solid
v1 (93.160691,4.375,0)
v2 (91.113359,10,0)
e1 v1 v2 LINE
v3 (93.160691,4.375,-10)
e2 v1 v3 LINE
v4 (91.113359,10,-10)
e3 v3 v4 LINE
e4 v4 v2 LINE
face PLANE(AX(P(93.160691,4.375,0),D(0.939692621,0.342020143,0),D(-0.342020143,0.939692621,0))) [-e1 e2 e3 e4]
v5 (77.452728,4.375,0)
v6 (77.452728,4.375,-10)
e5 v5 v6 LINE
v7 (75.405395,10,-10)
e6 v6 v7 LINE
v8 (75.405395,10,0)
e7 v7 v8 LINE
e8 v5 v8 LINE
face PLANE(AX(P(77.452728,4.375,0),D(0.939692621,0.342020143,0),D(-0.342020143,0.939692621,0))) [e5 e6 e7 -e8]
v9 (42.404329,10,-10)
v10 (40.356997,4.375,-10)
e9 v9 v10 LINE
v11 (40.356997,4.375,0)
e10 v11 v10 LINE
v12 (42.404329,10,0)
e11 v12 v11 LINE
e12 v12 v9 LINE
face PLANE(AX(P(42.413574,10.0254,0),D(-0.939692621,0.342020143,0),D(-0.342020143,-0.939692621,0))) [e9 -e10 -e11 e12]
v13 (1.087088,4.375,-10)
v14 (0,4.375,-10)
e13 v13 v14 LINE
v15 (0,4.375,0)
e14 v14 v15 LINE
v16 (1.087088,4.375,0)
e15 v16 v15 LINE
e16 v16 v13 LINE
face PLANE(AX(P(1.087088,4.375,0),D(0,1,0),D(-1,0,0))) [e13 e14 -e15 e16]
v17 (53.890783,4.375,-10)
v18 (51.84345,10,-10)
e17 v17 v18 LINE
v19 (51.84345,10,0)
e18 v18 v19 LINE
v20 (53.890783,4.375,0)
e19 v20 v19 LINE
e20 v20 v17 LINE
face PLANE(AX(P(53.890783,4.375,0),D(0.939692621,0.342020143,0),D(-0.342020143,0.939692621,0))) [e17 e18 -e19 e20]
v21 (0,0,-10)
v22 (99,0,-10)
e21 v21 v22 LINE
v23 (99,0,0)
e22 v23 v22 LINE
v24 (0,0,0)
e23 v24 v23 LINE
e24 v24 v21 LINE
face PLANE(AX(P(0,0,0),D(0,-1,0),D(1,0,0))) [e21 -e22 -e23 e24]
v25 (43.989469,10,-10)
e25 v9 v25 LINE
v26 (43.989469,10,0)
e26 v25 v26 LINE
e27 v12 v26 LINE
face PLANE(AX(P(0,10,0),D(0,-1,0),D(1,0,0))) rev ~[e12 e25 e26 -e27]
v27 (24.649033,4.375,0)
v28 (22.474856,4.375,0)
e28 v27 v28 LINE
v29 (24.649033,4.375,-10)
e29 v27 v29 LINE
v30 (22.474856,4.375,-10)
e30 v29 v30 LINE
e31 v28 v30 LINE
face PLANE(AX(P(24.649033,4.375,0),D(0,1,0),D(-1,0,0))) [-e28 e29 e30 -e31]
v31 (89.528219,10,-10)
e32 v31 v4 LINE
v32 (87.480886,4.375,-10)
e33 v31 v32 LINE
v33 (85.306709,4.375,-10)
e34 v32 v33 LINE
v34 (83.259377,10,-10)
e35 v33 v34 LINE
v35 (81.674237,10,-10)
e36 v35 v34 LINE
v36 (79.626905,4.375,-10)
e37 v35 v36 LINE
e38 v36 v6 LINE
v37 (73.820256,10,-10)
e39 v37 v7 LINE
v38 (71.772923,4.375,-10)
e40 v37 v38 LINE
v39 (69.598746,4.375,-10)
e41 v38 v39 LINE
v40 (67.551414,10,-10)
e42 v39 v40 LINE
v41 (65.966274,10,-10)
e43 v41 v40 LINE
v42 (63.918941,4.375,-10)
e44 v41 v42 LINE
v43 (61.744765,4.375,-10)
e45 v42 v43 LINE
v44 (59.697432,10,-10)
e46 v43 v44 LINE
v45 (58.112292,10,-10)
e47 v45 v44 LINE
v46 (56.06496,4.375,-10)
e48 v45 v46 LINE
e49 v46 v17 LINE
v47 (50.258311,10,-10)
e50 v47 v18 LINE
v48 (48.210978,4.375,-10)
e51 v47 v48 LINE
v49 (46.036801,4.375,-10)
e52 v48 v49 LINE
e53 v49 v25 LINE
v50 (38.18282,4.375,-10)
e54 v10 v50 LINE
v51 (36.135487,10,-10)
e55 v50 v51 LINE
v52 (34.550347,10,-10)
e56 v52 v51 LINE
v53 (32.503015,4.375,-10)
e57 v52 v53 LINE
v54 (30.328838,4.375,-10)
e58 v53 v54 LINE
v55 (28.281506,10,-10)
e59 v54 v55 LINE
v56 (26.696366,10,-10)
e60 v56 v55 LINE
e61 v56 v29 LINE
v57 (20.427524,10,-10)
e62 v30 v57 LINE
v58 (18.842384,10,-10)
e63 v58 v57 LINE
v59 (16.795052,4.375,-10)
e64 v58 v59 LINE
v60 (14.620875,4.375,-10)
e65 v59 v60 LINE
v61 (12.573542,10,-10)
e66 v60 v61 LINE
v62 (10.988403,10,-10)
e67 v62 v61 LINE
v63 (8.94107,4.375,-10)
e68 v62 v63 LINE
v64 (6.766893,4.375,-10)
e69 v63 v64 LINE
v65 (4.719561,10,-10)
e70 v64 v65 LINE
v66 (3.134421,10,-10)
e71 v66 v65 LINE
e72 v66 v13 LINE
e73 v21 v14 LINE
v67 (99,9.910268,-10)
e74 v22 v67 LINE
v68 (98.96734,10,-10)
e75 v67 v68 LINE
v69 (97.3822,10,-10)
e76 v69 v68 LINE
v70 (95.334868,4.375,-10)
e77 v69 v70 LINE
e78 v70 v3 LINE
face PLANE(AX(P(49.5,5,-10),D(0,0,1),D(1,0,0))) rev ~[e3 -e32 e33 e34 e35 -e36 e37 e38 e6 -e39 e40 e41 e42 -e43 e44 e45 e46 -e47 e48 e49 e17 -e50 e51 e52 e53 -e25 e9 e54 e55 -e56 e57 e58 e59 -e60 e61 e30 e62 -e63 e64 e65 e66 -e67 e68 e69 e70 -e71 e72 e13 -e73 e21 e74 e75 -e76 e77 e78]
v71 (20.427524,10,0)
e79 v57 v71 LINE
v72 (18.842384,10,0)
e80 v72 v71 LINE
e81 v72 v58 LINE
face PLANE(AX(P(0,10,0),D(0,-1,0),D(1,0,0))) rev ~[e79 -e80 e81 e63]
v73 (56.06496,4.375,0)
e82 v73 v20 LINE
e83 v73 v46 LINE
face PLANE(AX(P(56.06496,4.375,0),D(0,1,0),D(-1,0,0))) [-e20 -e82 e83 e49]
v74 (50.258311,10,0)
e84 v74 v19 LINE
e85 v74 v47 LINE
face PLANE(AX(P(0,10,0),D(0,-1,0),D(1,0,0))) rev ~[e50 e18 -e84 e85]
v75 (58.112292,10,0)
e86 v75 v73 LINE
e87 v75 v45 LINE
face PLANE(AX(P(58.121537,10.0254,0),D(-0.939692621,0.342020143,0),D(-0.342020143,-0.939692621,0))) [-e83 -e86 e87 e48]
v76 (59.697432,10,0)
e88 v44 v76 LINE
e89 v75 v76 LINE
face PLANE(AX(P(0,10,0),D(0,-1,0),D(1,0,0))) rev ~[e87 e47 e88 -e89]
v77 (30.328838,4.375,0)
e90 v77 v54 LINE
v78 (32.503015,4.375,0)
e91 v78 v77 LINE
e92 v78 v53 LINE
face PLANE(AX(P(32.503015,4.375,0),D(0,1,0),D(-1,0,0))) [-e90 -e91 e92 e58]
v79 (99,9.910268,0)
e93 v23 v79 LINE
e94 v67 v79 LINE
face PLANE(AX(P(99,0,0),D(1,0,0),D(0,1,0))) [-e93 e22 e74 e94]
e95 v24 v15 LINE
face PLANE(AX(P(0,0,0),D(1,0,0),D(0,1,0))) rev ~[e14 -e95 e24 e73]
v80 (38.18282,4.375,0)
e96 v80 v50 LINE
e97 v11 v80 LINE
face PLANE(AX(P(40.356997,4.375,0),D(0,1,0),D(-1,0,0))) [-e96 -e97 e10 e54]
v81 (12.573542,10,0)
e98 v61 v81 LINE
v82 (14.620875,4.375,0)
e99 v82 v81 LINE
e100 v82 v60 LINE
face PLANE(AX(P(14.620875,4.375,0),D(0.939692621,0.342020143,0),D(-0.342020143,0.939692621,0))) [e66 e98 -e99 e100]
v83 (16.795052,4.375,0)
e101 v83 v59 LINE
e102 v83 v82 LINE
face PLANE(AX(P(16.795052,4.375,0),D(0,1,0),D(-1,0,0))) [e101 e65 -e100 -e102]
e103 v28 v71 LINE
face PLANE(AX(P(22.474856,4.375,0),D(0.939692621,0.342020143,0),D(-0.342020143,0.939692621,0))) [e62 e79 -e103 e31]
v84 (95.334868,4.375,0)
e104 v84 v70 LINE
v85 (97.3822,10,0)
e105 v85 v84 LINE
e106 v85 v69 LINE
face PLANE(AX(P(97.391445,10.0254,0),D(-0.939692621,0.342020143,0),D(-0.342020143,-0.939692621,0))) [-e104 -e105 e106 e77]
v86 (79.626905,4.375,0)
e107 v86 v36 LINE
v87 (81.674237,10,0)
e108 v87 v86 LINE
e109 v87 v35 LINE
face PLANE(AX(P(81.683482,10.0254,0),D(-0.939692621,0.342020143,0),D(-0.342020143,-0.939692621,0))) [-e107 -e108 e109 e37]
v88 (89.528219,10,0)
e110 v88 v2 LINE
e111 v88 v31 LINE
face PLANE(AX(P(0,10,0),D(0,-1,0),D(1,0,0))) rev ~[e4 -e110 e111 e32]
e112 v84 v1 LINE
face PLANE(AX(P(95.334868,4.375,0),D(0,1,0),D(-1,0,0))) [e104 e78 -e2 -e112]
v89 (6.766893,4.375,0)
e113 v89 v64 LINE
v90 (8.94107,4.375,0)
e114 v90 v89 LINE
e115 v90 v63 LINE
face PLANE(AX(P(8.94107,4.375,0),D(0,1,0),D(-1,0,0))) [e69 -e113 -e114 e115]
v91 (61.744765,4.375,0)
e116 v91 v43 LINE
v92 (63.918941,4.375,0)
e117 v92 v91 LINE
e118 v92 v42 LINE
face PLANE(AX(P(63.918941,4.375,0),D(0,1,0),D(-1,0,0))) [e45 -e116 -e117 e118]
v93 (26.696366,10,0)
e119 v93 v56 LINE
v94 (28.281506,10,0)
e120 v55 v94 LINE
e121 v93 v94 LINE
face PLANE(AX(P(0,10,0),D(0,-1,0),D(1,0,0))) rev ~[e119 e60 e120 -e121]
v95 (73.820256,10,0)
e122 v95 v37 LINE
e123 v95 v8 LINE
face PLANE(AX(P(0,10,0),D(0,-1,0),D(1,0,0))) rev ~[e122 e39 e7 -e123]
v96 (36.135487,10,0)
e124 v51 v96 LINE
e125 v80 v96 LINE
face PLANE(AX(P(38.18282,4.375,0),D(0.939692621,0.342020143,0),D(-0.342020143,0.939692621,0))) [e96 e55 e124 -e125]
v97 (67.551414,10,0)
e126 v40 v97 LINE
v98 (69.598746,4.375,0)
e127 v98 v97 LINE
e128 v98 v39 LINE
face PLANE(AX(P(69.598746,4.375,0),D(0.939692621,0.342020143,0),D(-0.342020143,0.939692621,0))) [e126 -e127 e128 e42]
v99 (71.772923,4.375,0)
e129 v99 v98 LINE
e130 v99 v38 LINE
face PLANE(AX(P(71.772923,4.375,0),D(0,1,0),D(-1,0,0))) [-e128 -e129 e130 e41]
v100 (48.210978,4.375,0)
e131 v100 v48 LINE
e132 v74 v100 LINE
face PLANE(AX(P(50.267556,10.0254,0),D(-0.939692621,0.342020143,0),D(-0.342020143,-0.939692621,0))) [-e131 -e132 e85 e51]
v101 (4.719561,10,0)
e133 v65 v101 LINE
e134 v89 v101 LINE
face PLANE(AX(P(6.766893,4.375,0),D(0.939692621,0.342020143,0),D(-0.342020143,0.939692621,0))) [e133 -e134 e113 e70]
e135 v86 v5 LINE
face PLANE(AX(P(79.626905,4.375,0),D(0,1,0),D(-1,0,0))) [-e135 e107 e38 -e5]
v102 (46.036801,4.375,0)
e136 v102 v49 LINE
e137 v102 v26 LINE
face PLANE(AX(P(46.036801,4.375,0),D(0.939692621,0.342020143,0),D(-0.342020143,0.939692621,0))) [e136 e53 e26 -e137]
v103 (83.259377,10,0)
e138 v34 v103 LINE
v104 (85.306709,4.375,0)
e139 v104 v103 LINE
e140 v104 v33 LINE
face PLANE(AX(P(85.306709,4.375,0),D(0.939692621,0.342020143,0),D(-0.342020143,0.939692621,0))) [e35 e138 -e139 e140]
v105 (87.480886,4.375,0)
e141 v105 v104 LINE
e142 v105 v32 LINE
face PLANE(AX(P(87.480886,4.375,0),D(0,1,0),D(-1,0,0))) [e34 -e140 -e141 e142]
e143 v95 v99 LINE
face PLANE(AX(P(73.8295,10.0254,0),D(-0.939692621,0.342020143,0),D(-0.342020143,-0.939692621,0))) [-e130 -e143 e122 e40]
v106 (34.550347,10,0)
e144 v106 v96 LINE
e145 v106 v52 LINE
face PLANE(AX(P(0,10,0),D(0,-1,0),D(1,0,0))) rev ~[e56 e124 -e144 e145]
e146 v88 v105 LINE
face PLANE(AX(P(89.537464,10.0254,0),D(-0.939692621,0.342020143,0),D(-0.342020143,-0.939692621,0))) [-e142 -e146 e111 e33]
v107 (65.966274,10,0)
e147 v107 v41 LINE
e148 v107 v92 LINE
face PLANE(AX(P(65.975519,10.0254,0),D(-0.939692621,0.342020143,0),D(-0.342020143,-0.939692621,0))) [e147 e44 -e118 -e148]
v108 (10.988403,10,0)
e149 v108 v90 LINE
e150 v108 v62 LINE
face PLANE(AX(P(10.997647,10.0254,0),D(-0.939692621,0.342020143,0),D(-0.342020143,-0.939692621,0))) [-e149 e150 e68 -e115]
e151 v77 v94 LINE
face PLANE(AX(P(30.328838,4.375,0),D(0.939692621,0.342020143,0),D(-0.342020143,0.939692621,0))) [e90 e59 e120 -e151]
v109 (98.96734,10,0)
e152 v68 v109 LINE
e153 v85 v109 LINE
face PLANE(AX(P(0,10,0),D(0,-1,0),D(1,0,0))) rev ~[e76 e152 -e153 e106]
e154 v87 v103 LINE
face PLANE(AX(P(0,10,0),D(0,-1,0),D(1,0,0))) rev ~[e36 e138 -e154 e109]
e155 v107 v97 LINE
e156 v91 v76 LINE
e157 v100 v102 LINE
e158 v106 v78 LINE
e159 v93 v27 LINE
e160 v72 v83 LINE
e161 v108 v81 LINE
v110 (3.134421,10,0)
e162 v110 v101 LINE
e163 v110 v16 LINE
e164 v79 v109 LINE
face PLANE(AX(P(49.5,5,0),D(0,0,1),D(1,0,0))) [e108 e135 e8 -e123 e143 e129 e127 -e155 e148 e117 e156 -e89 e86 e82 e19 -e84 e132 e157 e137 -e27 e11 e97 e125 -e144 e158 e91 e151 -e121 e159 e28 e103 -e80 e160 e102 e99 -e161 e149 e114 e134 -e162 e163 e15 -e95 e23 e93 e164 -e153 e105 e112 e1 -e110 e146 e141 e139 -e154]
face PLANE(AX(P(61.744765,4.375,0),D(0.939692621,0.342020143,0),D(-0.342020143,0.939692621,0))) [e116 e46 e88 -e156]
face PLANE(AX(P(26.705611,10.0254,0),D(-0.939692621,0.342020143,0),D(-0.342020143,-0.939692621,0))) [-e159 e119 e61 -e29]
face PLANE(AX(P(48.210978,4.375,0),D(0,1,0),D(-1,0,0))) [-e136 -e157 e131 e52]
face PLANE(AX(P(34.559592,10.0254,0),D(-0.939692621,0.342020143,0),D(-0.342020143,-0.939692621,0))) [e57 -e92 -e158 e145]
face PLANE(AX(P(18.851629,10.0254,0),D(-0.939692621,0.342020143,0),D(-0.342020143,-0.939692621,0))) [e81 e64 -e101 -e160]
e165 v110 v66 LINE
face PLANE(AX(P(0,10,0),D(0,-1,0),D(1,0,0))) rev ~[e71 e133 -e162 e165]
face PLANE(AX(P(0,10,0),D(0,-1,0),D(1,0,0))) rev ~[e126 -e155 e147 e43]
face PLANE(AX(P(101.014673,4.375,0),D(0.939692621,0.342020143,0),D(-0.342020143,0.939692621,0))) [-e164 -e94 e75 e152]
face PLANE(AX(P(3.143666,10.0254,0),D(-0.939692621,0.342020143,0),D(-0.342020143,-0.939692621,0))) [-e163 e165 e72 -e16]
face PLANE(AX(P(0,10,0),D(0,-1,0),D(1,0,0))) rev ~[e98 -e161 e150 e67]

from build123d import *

# Parameters (mm, degrees)
BLANKSKE_W        = 99
BLANKSKE_H        = 10
BLANK_DEPTH       = 10
TOOTHCUTSIM_DEPTH = 101.004999875
TEETHCUTS_COUNT   = 14
TEETHCUTS_PITCH   = 7.853981625


with BuildPart() as part:
    # BlankSke → Blank (new body)
    with BuildSketch(Plane.XY):
        with Locations((49.5, 5)):
            Rectangle(BLANKSKE_W, BLANKSKE_H)
    extrude(amount=-BLANK_DEPTH)

    # TooCutSkeSim → ToothCutSim (cut, through all)
    with BuildSketch(Plane.XY):
        Polygon((1.087088424, 4.375), (-1.087088424, 4.375), (-3.143665836, 10.0254), (3.143665836, 10.0254), align=None)
    toothcutsim = extrude(amount=-TOOTHCUTSIM_DEPTH, mode=Mode.SUBTRACT)

    # TeethCuts: ToothCutSim ×14
    with Locations(*[(i * TEETHCUTS_PITCH, 0, 0) for i in range(1, TEETHCUTS_COUNT)]):
        add(toothcutsim, mode=Mode.SUBTRACT)


solid = part.part
